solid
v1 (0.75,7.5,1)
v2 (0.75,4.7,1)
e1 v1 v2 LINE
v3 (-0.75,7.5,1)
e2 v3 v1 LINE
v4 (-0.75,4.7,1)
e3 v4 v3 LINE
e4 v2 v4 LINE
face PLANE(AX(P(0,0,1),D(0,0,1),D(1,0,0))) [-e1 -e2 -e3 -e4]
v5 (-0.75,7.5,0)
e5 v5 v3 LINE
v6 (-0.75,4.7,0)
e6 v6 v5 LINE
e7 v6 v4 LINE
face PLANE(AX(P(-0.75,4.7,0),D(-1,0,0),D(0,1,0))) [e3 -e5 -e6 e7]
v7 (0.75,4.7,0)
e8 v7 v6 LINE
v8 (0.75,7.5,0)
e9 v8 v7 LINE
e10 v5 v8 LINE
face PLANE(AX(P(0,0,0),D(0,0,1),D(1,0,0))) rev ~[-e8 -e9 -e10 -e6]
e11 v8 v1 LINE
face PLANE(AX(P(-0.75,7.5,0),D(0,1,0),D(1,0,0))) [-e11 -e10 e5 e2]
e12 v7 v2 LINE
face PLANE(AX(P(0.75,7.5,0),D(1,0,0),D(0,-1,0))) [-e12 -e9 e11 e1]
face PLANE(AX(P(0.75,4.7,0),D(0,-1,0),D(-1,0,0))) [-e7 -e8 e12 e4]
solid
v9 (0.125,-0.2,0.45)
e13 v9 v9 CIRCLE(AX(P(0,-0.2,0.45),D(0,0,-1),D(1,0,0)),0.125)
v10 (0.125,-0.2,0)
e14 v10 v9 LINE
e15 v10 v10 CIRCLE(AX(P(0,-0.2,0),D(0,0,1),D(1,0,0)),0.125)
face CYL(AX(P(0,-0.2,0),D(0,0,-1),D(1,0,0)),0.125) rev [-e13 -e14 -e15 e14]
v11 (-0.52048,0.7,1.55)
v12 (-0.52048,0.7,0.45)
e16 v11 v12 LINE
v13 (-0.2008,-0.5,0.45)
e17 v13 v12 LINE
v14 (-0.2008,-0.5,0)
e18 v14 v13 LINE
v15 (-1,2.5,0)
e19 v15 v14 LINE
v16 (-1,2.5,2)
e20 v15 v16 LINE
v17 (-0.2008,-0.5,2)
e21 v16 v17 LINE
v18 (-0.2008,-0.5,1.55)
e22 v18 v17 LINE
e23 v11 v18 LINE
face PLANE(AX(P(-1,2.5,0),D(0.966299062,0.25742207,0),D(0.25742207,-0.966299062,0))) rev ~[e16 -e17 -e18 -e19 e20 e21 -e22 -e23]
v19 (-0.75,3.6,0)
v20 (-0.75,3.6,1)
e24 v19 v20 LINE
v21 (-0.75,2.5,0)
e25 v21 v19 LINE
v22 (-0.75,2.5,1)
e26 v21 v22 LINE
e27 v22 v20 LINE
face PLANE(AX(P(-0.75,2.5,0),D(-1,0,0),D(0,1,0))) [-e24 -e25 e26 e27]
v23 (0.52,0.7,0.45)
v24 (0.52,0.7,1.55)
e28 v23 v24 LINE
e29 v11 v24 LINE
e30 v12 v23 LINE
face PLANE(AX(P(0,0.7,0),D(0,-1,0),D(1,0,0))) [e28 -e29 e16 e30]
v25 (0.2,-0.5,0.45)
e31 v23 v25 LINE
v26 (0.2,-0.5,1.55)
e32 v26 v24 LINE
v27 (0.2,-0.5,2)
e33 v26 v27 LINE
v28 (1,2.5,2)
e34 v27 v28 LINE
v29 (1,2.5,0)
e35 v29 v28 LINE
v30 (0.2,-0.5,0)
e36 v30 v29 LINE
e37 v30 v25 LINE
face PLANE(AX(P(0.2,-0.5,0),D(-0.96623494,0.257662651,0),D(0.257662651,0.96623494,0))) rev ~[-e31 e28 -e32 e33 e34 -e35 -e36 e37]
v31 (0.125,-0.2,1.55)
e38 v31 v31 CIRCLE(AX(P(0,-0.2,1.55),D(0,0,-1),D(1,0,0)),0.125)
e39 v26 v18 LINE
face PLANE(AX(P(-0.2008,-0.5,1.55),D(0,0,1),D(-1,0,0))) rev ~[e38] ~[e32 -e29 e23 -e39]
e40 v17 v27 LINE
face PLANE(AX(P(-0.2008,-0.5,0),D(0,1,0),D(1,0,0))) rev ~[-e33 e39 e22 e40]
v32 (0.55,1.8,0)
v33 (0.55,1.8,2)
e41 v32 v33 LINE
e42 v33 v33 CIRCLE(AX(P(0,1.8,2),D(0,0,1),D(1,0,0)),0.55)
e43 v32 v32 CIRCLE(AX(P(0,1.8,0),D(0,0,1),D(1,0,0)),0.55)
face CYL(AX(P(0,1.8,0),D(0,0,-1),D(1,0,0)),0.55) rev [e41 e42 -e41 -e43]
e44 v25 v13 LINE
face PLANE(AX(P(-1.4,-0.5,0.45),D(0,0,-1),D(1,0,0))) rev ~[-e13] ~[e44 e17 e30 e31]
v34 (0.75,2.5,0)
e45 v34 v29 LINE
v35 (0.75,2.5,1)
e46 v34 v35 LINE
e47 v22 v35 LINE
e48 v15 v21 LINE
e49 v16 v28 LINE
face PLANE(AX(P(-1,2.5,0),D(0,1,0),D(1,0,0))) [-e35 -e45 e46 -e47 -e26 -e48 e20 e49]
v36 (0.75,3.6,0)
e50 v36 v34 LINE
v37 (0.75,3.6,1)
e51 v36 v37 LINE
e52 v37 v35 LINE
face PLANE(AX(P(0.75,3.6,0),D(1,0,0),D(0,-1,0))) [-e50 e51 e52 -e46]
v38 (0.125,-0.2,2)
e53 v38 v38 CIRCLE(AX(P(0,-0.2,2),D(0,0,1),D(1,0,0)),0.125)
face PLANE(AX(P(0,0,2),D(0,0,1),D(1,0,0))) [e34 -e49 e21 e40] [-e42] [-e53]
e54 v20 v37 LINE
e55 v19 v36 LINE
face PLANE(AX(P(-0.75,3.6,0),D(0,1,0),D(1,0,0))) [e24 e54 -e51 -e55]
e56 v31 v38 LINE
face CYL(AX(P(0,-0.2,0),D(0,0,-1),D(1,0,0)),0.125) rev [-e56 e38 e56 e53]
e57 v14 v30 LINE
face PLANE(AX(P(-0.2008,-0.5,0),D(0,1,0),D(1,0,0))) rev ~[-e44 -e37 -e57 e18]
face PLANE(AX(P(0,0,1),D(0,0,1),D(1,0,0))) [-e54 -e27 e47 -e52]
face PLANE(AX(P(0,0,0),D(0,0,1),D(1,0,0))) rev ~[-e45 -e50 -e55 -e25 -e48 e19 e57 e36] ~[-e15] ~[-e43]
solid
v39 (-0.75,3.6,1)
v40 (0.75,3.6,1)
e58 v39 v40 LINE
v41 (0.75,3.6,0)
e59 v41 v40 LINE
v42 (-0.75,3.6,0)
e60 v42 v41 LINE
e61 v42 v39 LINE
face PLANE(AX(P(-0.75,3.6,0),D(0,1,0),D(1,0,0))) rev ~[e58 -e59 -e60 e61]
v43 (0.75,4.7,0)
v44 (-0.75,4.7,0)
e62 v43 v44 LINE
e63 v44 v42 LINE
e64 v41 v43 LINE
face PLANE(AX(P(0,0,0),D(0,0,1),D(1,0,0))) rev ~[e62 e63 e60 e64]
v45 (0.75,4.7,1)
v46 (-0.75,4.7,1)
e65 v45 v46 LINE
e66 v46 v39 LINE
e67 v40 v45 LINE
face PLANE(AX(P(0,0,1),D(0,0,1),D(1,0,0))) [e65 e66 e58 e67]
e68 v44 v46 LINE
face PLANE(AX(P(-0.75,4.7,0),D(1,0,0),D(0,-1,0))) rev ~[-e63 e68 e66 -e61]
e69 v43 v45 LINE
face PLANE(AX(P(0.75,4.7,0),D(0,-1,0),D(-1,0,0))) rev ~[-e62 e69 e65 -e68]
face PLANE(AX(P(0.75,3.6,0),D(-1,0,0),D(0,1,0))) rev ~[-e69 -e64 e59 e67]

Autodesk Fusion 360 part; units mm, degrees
sketch "Sketch1" plane through (0, 0, 0) normal (0, 0, 1) x (1, 0, 0) in component "Component"
  line L0 (0, 0) -> (1, 0) construction
  line L1 (1, 0) -> (1, 2.5) construction
  line L2 (-1, 2.5) -> (-1, -0.5) construction
  line L3 (-1, -0.5) -> (1, -0.5) construction
  line L4 (1, -0.5) -> (1, 2.5) construction
  circle A0 centre (0, -0.2) radius 0.125
  line L5 (-1, 2.5) -> (-0.2008, -0.5)
  line L6 (-0.2008, -0.5) -> (0.2, -0.5)
  line L7 (0.2, -0.5) -> (1, 2.5)
  line L8 (-1, 2.5) -> (1, 2.5)
  line L9 (-0.3, 1.1) -> (0.3, 1.1) construction
  line L10 (-0.75, 2.5) -> (-0.75, 3.6)
  line L11 (-0.75, 3.6) -> (0.75, 3.6)
  line L12 (0.75, 3.6) -> (0.75, 2.5)
  line L13 (-0.75, 3.6) -> (0.75, 3.6)
  line L14 (0.75, 3.6) -> (0.75, 4.7)
  line L15 (0.75, 4.7) -> (-0.75, 4.7)
  line L16 (-0.75, 4.7) -> (-0.75, 3.6)
  line L17 (0.75, 4.7) -> (-0.75, 4.7)
  line L18 (-0.75, 4.7) -> (-0.75, 7.5)
  line L19 (-0.75, 7.5) -> (0.75, 7.5)
  line L20 (0.75, 7.5) -> (0.75, 4.7)
  circle A1 centre (0, 1.8) radius 0.55
  dimension "d1" = 1
  dimension "d3" = 2
  dimension "d4" = 3
  dimension "d5" = 0.25
  dimension "d19" = 1.1
extrude "Extrude1" add sketch "Sketch1" along normal blind 2 contours L5 L6 L7 L8 makes body 1 in component "Component"
extrude "Extrude2" add sketch "Sketch1" along normal blind 1 contours L8 L10 L11 L12 L13 bodies 1 in component "Component"
extrude "Extrude3" add sketch "Sketch1" along normal blind 1 separate body contours L11 L13 L14 L15 L16 L17 makes body 2 in component "Component"
extrude "Extrude4" add sketch "Sketch1" along normal blind 1 separate body contours L15 L17 L18 L19 L20 makes body 3 in component "Component"
sketch "Sketch2" plane through (0, -0.5, 0) normal (0, -1, 0) x (1, 0, 0) in component "Component"
  line L0 (-0.2008, 0) -> (0.2, 0)
  line L1 (0.2, 0) -> (0.2, 2)
  line L2 (0.2, 2) -> (-0.2008, 2)
  line L3 (-0.2008, 2) -> (-0.2008, 0)
  line L4 (1.4, 1.55) -> (-1.4, 1.55)
  line L5 (-1.4, 1.55) -> (-1.4, 0.45)
  line L6 (-1.4, 0.45) -> (1.4, 0.45)
  line L7 (1.4, 0.45) -> (1.4, 1.55)
  line L8 (1.4, 1.55) -> (-1.4, 0.45) construction
  line L9 (-1.4, 1.55) -> (1.4, 0.45) construction
  point P0 (0, 1)
  dimension "d16" = 1.1
extrude "Extrude5" cut sketch "Sketch2" against normal blind 1.2 contours L3 L4 L5 L6 | L1 L3 L4 L6 | L1 L4 L6 L7 bodies 1 in component "Component"
component "Component" placed x (1, 0, 0) y (0, 1, 0) z (0, 0, 1) at (0, 0, 0)
